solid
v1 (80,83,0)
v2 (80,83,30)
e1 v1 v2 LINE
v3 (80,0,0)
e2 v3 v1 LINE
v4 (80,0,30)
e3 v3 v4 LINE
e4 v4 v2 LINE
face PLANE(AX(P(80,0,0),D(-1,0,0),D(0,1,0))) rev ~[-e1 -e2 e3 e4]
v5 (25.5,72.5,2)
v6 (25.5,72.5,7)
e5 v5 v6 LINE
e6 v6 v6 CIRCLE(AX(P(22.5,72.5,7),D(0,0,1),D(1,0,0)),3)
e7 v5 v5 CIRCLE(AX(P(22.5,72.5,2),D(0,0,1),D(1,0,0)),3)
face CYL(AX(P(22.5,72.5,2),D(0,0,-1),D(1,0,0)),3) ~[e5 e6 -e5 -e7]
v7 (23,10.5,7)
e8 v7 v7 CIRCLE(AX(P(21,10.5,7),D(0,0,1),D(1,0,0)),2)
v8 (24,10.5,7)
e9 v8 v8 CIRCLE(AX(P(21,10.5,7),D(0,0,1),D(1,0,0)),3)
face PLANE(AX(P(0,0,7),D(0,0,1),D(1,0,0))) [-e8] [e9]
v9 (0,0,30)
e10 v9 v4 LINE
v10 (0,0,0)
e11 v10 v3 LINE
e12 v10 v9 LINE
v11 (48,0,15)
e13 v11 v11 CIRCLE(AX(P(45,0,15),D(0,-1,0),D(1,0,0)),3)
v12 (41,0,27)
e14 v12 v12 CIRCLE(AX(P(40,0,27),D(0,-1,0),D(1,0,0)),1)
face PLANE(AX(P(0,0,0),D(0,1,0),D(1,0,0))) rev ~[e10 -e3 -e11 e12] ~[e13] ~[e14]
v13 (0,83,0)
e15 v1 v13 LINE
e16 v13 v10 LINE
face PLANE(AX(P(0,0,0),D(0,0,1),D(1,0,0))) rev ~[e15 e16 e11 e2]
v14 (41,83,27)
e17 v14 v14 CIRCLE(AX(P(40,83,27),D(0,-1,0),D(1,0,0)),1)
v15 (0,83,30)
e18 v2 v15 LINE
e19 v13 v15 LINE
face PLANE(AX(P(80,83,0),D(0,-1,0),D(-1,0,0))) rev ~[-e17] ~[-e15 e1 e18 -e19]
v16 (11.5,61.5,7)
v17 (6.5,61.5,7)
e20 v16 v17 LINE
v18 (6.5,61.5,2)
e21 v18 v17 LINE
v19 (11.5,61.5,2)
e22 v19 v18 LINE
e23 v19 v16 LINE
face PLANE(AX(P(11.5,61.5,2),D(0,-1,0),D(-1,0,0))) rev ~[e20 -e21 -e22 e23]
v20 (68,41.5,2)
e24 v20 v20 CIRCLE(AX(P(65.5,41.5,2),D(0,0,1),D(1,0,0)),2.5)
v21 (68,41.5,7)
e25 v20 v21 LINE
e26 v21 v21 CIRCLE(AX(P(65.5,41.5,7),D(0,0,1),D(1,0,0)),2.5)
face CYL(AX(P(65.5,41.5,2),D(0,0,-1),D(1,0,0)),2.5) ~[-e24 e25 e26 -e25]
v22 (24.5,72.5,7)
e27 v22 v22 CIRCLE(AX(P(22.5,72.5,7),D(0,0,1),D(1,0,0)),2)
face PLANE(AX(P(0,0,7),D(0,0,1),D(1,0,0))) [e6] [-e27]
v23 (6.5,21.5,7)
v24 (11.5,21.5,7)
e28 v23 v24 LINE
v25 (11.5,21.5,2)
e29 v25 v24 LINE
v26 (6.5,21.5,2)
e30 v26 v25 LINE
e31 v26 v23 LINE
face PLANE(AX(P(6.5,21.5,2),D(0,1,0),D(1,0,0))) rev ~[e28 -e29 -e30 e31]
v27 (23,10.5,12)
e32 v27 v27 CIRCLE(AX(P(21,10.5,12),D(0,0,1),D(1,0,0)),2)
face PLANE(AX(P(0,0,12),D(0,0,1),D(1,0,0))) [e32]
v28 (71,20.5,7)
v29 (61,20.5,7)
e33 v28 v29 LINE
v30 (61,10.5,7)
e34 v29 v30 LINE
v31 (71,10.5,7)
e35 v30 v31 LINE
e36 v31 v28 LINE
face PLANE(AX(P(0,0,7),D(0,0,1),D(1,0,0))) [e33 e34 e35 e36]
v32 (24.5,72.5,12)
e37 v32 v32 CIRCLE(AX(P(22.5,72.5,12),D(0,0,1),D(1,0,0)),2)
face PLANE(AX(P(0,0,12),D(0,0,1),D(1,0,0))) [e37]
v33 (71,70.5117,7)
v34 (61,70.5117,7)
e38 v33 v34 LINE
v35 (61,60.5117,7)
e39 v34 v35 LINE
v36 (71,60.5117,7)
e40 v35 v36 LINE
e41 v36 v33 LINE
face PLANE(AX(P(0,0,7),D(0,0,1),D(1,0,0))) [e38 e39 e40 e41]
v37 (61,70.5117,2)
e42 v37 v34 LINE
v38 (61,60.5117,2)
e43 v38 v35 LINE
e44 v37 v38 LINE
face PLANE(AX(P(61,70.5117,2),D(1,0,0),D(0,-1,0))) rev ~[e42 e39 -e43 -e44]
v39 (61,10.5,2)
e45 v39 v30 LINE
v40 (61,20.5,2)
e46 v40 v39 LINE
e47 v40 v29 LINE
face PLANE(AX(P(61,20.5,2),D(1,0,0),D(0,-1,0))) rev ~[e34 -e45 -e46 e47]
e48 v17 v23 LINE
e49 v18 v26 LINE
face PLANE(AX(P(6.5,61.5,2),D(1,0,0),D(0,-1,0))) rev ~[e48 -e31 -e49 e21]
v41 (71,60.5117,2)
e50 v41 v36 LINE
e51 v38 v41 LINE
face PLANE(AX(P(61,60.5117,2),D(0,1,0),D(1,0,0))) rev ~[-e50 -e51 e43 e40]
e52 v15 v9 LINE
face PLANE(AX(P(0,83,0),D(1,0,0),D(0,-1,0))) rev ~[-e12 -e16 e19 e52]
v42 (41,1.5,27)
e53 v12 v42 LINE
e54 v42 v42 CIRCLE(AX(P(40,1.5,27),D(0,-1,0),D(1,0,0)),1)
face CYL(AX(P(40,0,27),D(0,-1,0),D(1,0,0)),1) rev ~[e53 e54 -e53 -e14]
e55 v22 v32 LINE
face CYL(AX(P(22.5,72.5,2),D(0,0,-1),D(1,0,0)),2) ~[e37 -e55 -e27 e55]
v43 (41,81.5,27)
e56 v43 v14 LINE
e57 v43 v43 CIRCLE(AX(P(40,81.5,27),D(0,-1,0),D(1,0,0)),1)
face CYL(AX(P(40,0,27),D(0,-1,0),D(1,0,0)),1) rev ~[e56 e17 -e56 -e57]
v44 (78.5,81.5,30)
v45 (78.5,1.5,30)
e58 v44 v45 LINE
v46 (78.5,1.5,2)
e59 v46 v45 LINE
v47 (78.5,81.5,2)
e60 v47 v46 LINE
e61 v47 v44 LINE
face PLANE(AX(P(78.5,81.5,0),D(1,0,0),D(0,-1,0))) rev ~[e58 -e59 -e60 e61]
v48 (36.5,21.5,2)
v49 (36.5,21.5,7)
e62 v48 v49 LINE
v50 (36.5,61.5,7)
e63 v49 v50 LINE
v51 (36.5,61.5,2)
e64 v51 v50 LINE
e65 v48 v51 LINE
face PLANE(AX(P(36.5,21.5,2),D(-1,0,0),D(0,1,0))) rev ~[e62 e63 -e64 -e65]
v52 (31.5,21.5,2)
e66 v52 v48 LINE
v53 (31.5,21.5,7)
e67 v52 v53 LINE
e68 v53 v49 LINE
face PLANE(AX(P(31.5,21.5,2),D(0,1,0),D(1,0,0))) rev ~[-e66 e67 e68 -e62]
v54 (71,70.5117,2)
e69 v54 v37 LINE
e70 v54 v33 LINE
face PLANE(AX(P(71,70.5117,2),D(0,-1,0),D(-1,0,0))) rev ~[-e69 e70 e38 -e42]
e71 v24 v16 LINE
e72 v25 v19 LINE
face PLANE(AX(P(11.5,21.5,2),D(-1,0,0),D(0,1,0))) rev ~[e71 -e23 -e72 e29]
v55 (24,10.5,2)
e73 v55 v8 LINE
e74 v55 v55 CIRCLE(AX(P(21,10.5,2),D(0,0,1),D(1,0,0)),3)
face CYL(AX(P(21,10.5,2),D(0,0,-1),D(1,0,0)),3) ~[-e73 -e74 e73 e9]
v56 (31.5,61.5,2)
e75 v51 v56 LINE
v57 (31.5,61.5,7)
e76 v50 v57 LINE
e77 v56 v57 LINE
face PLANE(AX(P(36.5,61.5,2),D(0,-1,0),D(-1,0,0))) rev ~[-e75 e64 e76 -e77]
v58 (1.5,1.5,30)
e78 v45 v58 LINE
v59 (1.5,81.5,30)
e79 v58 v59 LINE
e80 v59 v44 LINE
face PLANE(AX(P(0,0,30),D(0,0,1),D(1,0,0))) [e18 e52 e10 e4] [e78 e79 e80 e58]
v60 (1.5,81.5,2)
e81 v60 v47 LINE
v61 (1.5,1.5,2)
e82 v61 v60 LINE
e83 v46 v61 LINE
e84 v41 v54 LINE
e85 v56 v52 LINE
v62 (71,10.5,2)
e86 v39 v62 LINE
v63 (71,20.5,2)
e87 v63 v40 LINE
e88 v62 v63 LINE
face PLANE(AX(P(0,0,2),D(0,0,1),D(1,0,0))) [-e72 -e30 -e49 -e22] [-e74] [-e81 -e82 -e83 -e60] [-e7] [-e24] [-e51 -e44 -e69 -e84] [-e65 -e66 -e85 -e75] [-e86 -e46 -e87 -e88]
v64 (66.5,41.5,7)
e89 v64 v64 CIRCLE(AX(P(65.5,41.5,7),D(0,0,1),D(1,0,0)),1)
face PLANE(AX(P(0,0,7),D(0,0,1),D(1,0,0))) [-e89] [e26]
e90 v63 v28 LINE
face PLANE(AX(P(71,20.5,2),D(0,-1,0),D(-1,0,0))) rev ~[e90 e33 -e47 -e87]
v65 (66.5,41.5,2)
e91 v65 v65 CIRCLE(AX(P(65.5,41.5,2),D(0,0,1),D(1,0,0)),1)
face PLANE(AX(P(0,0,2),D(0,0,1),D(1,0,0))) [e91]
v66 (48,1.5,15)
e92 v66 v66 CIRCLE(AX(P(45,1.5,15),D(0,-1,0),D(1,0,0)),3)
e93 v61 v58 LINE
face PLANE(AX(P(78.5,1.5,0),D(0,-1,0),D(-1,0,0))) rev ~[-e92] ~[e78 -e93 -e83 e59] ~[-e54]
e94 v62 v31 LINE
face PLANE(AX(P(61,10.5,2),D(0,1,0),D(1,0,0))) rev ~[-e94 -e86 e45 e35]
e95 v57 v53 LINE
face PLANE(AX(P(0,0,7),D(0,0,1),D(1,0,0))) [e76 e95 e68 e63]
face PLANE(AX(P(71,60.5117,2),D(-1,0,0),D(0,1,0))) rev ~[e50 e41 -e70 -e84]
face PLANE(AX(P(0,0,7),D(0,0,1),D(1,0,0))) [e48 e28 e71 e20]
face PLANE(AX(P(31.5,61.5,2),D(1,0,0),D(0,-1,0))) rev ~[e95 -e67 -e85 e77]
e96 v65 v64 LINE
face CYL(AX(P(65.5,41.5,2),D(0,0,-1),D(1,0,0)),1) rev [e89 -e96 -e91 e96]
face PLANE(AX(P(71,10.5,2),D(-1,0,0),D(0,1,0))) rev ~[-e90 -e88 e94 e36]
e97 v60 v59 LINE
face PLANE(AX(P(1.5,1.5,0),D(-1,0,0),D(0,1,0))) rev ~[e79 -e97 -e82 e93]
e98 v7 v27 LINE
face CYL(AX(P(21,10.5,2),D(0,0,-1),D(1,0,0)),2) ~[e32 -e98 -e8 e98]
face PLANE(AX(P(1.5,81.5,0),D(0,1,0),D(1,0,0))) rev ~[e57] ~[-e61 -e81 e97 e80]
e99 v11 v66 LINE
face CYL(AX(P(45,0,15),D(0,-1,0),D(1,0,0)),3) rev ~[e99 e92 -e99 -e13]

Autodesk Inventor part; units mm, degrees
ref_plane "YZ Plane" through (0, 0, 0) normal (1, 0, 0) x (0, 1, 0)
ref_plane "XZ Plane" through (0, 0, 0) normal (0, 1, 0) x (-1, 0, 0)
ref_plane "XY Plane" through (0, 0, 0) normal (0, 0, 1) x (1, 0, 0)
sketch "Skizze1" plane through (0, 0, 0) normal (0, 0, 1) x (1, 0, 0)
  line L0 (0, 0) -> (80, 0)
  line L1 (80, 0) -> (80, 83)
  line L2 (80, 83) -> (0, 83)
  line L3 (0, 83) -> (0, 0)
  line L4 (1.5, 81.5) -> (78.5, 81.5)
  line L5 (78.5, 81.5) -> (78.5, 1.5)
  line L6 (78.5, 1.5) -> (1.5, 1.5)
  line L7 (1.5, 1.5) -> (1.5, 81.5)
  dimension "d0" = 80
  dimension "d1" = 83
  dimension "d2" = 1.5
  dimension "d3" = 1.5
  dimension "d4" = 1.5
  dimension "d5" = 1.5
extrude "Extrusion1" add sketch "Skizze1" along normal blind 2 contours L4 L5 L6 L7
extrude "Extrusion2" add sketch "Skizze1" along normal blind 30
sketch "Skizze2" plane through (0, 0, 2) normal (0, 0, 1) x (1, 0, 0)
  circle A0 centre (22.5, 72.5) radius 3
  circle A1 centre (21, 10.5) radius 3
  line L0 (1.5, 1.5) -> (1.5, 81.5) projected
  circle A2 centre (22.5, 72.5) radius 2
  circle A3 centre (21, 10.5) radius 2
  circle A4 centre (65.5, 41.5) radius 1
  circle A5 centre (65.5, 41.5) radius 2.5
  line L1 (78.5, 81.5) -> (78.5, 1.5) projected
  line L2 (78.5, 1.5) -> (1.5, 1.5) projected
  line L3 (1.5, 81.5) -> (78.5, 81.5) projected
  line L4 (31.5, 21.5) -> (36.5, 21.5)
  line L5 (36.5, 21.5) -> (36.5, 61.5)
  line L6 (36.5, 61.5) -> (31.5, 61.5)
  line L7 (31.5, 61.5) -> (31.5, 21.5)
  line L8 (6.5, 21.5) -> (11.5, 21.5)
  line L9 (11.5, 21.5) -> (11.5, 61.5)
  line L10 (11.5, 61.5) -> (6.5, 61.5)
  line L11 (6.5, 61.5) -> (6.5, 21.5)
  line L12 (61, 10.5) -> (71, 10.5)
  line L13 (71, 10.5) -> (71, 20.5)
  line L14 (71, 20.5) -> (61, 20.5)
  line L15 (61, 20.5) -> (61, 10.5)
  line L16 (61, 60.5117) -> (71, 60.5117)
  line L17 (71, 60.5117) -> (71, 70.5117)
  line L18 (71, 70.5117) -> (61, 70.5117)
  line L19 (61, 70.5117) -> (61, 60.5117)
  point P0 (0, 0)
  point P1 (71, 65.5117)
  dimension "d11" = 21
  dimension "d12" = 19.5
  dimension "d13" = 4
  dimension "d14" = 4
  dimension "d15" = 6
  dimension "d16" = 6
  dimension "d17" = 2
  dimension "d18" = 5
  dimension "d23" = 13
  dimension "d31" = 62
  dimension "d32" = 9
  dimension "d33" = 9
  dimension "d44" = 5
  dimension "d45" = 40
  dimension "d46" = 30
  dimension "d47" = 20
  dimension "d48" = 20
  dimension "d49" = 5
  dimension "d50" = 40
  dimension "d51" = 20
  dimension "d52" = 5
  dimension "d53" = 10
  dimension "d54" = 10
  dimension "d55" = 10
  dimension "d56" = 10
  dimension "d57" = 7.5
  dimension "d58" = 7.5
extrude "Extrusion3" add sketch "Skizze2" along normal blind 5 contours A0 | A1 | A5 | L7 L6 L5 L4 | L11 L10 L9 L8 | L15 L14 L13 L12 | L19 L18 L17 L16
extrude "Extrusion4" add sketch "Skizze2" along normal blind 10 contours A2 | A3
sketch "Skizze4" plane through (0, 0, 0) normal (0, -1, 0) x (1, 0, 0)
  circle A0 centre (40, 27) radius 1
  line L0 (0, 30) -> (80, 30) projected
  line L1 (0, 0) -> (0, 30) projected
  dimension "d34" = 2
  dimension "d35" = 3
  dimension "d36" = 40
extrude "Extrusion6" cut sketch "Skizze4" against normal through all
sketch "Skizze5" plane through (0, 0, 0) normal (0, -1, 0) x (1, 0, 0)
  circle A0 centre (45, 15) radius 3
  line L0 (0, 0) -> (0, 30) projected
  line L1 (0, 30) -> (80, 30) projected
  dimension "d39" = 6
  dimension "d40" = 45
  dimension "d41" = 15
extrude "Extrusion7" cut sketch "Skizze5" against normal blind 5
properties part number "Gyrosensor"
